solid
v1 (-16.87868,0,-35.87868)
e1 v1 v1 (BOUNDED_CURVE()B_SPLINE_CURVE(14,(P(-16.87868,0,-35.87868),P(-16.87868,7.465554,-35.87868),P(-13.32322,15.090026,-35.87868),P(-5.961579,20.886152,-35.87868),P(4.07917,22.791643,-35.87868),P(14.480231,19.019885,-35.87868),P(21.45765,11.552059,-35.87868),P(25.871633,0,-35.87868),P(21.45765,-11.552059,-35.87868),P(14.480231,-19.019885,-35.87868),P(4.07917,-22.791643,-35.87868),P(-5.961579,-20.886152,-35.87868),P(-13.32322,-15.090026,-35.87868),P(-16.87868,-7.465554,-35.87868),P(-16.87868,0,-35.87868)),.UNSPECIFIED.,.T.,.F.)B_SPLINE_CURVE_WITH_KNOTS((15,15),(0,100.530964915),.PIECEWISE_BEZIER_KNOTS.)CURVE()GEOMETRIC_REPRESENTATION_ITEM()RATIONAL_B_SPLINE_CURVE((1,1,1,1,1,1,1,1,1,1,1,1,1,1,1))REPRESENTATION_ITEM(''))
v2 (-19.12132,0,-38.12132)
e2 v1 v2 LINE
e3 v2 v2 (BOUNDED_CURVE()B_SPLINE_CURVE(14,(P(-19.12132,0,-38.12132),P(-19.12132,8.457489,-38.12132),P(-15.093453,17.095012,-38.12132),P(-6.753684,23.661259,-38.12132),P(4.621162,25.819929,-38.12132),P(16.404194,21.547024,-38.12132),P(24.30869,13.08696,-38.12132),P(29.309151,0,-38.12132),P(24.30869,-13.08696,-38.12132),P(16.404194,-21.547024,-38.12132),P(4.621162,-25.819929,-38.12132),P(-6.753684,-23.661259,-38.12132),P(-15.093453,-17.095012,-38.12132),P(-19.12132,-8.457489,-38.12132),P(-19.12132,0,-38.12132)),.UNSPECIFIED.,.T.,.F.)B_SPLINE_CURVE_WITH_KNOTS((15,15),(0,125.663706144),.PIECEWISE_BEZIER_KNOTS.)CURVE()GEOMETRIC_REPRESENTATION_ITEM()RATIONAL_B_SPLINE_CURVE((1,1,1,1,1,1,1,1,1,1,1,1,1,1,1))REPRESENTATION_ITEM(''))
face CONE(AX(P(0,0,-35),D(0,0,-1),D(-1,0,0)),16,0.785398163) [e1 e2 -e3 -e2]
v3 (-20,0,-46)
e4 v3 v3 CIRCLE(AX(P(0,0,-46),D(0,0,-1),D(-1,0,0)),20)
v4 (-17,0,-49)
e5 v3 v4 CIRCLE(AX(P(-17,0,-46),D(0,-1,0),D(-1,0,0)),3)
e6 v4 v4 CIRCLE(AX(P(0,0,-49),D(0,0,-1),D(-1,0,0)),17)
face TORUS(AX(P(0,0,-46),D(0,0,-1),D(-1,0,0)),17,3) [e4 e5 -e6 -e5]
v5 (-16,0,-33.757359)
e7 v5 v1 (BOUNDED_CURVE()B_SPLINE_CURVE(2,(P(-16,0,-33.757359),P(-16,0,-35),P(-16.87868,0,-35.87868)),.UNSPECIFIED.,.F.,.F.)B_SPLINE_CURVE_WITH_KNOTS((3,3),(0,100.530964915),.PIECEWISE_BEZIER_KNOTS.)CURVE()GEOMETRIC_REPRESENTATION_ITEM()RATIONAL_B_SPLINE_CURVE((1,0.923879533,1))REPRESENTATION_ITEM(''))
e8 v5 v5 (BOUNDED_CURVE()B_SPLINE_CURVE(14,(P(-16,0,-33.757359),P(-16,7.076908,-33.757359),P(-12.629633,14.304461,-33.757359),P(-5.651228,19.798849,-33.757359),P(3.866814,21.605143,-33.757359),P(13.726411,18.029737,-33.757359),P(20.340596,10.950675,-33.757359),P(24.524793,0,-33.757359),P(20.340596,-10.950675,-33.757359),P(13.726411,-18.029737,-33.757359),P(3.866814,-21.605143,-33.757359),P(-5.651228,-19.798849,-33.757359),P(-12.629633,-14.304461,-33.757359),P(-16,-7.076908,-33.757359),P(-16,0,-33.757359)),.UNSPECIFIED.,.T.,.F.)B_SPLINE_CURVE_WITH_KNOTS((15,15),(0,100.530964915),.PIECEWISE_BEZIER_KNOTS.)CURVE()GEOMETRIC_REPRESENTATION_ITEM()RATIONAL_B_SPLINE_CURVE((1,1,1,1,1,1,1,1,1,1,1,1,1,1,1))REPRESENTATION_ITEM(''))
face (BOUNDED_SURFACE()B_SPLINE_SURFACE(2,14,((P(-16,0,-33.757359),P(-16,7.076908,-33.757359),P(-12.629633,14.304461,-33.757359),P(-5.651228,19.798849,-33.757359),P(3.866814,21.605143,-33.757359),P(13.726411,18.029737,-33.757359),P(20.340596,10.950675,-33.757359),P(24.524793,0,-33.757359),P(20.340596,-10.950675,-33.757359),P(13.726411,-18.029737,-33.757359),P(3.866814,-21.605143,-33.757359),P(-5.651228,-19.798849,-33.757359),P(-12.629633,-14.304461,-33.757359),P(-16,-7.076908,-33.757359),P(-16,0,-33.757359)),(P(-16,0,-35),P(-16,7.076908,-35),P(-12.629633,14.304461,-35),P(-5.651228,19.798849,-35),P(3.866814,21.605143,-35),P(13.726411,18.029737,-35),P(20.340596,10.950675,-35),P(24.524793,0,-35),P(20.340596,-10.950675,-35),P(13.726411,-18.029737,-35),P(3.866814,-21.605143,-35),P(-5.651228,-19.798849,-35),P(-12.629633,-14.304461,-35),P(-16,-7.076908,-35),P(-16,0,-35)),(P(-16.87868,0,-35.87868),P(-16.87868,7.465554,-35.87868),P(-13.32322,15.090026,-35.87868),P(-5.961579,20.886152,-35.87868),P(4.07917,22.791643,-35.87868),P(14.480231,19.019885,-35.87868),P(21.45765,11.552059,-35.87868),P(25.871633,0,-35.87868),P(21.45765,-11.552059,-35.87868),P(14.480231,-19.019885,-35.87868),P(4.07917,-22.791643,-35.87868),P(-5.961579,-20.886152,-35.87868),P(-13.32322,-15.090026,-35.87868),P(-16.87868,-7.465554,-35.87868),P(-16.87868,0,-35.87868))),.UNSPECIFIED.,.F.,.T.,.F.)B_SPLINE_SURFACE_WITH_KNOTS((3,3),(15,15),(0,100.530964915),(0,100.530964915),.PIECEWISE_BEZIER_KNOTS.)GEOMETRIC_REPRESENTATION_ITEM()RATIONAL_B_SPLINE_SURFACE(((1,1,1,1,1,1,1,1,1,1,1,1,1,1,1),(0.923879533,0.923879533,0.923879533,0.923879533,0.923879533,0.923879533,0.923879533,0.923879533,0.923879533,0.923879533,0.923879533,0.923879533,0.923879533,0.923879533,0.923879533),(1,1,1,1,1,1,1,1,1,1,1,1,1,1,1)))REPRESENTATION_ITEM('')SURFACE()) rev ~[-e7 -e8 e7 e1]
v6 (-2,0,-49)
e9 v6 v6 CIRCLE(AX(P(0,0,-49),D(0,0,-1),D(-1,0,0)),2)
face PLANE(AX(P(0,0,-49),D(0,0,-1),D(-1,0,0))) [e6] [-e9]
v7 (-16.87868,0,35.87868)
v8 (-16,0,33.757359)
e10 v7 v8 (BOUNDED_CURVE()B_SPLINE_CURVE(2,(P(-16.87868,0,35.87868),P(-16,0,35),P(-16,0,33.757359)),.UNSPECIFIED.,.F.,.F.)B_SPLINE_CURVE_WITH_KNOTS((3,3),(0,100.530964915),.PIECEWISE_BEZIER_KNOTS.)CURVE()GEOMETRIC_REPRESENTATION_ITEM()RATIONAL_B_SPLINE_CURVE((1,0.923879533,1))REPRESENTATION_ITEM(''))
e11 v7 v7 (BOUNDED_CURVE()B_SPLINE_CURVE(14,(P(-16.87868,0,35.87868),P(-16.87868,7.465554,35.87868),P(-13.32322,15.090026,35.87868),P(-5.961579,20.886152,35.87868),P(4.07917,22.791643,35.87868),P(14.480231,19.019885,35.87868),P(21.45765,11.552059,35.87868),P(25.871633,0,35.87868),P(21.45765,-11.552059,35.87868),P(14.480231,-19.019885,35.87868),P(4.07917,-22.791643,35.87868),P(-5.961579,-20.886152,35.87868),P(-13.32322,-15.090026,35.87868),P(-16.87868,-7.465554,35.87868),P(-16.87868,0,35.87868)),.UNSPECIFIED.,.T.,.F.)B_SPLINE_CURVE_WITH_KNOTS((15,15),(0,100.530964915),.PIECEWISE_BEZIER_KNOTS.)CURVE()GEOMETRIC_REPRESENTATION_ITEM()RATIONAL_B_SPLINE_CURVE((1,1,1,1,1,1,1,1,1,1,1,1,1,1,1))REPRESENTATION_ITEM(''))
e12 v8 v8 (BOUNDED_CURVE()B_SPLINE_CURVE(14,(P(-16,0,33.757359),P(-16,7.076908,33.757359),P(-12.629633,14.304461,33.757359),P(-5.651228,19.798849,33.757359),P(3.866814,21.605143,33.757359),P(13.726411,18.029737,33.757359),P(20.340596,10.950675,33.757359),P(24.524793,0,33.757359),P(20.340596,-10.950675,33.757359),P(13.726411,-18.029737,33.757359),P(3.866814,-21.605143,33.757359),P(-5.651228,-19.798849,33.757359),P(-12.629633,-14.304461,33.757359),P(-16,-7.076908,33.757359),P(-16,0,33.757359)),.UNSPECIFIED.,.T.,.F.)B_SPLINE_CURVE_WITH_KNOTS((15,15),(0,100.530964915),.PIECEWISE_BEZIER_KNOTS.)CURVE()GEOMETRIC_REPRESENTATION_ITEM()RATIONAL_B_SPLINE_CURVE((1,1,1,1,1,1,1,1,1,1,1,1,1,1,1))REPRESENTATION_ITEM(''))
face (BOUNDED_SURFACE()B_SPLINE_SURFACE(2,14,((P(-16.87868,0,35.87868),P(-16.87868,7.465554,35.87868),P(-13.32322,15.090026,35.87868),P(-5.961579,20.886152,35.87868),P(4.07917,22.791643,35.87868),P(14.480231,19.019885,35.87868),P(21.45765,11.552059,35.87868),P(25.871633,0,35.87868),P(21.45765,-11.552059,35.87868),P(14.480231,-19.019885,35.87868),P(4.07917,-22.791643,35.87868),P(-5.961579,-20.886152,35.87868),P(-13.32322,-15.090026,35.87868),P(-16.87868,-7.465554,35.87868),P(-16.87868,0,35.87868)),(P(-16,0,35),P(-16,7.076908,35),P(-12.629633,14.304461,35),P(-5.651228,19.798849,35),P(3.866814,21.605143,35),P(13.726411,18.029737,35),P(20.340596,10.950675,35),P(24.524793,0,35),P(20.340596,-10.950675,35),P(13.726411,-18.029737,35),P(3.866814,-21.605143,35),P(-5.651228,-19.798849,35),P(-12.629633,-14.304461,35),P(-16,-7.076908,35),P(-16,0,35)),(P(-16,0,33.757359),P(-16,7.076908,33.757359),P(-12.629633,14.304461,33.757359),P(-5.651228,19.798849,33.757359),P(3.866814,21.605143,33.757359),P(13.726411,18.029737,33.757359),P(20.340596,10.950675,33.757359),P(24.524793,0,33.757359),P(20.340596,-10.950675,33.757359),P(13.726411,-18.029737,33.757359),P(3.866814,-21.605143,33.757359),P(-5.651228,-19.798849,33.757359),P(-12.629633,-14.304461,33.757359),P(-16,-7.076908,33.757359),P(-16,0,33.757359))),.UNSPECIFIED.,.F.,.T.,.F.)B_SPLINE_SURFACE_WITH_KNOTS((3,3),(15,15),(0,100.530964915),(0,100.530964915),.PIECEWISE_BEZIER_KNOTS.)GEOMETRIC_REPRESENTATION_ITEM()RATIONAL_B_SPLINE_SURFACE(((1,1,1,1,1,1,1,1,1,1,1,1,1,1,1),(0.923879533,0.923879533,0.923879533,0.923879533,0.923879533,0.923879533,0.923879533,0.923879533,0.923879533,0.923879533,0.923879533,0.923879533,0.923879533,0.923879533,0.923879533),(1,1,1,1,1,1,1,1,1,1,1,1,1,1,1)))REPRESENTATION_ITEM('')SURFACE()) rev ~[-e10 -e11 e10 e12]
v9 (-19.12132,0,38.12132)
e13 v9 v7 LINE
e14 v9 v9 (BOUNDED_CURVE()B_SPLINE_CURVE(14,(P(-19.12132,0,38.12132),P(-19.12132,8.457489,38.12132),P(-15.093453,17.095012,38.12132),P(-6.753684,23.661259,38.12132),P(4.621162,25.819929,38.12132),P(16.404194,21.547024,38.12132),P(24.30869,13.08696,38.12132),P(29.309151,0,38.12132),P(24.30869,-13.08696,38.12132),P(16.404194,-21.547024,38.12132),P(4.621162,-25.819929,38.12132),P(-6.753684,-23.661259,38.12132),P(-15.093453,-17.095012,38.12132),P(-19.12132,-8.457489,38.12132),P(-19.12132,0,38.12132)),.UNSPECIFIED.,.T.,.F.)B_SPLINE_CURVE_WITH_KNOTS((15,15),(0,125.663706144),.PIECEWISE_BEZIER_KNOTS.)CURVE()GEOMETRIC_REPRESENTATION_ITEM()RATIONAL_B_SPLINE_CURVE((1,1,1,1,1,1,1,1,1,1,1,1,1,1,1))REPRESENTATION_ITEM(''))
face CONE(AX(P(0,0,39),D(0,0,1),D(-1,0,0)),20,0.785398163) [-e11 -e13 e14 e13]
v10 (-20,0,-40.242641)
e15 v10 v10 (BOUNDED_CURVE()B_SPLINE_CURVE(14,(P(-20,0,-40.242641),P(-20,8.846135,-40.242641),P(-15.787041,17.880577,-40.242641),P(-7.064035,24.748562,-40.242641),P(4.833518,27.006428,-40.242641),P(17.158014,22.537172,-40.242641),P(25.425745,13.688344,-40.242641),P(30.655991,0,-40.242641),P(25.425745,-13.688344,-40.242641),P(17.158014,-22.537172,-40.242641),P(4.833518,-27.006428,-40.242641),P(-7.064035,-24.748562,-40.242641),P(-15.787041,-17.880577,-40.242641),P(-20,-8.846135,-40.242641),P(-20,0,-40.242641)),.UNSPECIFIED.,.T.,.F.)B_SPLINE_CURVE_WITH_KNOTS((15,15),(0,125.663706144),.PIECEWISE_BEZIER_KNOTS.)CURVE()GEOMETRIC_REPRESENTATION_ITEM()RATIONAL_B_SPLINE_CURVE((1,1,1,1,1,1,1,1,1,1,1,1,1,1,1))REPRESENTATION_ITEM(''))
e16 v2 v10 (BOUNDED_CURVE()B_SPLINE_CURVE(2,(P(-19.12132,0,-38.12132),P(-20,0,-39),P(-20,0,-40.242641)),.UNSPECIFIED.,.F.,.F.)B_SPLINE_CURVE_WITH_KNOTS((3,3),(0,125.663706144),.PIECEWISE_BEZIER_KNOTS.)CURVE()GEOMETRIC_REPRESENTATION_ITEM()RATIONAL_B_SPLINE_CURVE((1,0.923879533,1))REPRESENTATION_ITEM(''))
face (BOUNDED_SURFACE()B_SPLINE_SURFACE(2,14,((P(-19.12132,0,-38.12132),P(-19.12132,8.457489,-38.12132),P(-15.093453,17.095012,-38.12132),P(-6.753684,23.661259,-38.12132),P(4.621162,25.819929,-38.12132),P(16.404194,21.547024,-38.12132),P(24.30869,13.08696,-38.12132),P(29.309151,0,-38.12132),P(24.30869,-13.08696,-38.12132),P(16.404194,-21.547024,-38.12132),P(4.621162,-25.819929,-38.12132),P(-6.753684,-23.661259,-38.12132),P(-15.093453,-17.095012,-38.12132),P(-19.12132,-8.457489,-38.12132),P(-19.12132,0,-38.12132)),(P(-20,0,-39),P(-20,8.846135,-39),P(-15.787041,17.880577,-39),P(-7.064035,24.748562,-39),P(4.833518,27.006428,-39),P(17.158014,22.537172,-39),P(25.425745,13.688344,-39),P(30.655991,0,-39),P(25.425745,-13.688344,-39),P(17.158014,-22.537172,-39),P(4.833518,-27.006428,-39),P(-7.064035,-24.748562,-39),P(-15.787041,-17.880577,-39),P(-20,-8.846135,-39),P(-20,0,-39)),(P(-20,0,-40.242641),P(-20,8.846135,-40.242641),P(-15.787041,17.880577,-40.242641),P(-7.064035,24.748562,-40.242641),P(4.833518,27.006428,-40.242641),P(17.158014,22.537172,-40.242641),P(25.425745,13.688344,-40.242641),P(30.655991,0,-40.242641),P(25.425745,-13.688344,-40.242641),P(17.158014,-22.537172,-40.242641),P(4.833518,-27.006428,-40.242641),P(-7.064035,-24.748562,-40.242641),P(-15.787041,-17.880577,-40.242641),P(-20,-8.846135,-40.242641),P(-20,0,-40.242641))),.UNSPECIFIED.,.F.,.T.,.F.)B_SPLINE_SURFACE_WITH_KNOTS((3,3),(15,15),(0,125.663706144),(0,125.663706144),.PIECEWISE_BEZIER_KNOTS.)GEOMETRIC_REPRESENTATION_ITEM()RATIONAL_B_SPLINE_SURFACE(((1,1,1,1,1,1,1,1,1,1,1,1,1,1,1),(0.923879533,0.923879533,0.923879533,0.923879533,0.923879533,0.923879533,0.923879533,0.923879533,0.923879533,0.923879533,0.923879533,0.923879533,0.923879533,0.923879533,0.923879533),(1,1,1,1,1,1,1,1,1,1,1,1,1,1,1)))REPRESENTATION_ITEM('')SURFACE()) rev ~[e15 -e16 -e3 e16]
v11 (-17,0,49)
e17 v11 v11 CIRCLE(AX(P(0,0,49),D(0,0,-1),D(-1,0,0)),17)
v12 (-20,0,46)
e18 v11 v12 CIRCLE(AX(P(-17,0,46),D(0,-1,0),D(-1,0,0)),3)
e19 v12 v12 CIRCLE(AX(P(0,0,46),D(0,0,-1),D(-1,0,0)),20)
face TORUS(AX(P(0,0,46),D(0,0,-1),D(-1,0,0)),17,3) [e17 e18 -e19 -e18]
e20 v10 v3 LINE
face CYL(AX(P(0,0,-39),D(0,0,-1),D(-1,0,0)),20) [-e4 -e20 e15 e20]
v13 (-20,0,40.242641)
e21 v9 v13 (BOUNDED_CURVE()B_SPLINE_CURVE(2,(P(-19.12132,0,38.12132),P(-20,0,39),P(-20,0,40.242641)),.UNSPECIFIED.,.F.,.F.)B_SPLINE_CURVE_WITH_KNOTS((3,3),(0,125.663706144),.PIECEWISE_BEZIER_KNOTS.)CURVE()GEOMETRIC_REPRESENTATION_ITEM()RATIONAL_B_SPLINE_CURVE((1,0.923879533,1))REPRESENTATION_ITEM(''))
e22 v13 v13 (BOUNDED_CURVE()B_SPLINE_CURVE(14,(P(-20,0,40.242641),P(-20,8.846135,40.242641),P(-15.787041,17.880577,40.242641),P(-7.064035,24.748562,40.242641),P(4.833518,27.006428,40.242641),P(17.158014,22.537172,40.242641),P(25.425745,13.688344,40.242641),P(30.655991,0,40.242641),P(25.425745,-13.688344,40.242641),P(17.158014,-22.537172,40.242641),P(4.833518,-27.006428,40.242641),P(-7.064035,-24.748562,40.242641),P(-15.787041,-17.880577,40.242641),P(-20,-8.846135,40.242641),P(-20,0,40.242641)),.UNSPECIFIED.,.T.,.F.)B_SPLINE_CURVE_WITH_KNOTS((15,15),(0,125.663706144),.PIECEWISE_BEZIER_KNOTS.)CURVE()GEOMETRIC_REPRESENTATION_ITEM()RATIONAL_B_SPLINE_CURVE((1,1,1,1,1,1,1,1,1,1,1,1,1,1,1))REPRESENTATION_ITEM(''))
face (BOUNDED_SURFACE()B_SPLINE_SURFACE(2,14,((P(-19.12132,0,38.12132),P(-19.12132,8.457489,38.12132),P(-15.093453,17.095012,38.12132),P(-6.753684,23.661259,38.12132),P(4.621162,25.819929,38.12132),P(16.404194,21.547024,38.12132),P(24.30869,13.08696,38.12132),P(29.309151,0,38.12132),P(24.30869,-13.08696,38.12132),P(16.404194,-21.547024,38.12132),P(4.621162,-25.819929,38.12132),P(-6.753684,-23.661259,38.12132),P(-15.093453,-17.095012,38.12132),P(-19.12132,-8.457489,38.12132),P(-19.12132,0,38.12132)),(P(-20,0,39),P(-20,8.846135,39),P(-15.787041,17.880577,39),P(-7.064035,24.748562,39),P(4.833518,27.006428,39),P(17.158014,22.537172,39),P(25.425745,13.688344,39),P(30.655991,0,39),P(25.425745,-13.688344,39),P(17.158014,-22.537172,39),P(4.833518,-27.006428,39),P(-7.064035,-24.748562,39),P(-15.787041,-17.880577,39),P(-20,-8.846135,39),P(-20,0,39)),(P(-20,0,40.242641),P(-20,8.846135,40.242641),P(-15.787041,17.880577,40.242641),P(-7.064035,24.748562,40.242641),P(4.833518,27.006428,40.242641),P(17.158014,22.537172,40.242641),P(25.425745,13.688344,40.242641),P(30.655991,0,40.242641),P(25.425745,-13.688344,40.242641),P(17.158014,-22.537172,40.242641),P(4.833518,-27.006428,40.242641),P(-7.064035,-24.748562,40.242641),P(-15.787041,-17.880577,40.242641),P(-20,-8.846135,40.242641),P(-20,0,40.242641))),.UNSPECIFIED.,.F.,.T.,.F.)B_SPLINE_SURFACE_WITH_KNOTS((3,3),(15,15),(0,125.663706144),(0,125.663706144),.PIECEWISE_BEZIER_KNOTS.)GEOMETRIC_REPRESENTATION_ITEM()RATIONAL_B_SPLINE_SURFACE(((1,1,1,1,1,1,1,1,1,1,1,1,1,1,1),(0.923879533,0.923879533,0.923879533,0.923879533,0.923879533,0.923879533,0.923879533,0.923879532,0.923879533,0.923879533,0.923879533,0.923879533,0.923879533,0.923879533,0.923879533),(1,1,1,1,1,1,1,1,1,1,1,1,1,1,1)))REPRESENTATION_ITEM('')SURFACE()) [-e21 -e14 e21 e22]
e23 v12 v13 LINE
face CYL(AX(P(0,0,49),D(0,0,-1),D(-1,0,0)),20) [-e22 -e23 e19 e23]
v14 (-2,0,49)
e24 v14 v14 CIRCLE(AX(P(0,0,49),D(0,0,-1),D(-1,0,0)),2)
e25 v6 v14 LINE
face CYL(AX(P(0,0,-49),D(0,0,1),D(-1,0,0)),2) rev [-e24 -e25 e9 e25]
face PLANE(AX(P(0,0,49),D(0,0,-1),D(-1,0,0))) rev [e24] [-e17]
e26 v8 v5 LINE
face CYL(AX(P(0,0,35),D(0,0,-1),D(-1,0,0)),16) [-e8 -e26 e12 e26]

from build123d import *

# Parameters (mm, degrees)
F2_R = 3


with BuildPart() as f1:
    # F0 (on Front) → F1 (revolve)
    with BuildSketch(Plane.XZ):
        Polygon((-20, 39), (-16, 35), (-16, 0), (-16, -35), (-20, -39), (-20, -49), (-2, -49), (-2, 0), (-2, 49), (-20, 49), align=None)
    revolve(axis=Axis((0, 0, -0.057567), (0, 0, -1)))

    # F2
    f2_edges = [f1.edges().sort_by_distance(p)[0] for p in [
        (16, 0, 35),
        (16, 0, -35),
        (20, 0, -39),
        (20, 0, -49),
        (20, 0, 39),
        (20, 0, 49),
    ]]
    fillet(f2_edges, radius=F2_R)


solid = f1.part
